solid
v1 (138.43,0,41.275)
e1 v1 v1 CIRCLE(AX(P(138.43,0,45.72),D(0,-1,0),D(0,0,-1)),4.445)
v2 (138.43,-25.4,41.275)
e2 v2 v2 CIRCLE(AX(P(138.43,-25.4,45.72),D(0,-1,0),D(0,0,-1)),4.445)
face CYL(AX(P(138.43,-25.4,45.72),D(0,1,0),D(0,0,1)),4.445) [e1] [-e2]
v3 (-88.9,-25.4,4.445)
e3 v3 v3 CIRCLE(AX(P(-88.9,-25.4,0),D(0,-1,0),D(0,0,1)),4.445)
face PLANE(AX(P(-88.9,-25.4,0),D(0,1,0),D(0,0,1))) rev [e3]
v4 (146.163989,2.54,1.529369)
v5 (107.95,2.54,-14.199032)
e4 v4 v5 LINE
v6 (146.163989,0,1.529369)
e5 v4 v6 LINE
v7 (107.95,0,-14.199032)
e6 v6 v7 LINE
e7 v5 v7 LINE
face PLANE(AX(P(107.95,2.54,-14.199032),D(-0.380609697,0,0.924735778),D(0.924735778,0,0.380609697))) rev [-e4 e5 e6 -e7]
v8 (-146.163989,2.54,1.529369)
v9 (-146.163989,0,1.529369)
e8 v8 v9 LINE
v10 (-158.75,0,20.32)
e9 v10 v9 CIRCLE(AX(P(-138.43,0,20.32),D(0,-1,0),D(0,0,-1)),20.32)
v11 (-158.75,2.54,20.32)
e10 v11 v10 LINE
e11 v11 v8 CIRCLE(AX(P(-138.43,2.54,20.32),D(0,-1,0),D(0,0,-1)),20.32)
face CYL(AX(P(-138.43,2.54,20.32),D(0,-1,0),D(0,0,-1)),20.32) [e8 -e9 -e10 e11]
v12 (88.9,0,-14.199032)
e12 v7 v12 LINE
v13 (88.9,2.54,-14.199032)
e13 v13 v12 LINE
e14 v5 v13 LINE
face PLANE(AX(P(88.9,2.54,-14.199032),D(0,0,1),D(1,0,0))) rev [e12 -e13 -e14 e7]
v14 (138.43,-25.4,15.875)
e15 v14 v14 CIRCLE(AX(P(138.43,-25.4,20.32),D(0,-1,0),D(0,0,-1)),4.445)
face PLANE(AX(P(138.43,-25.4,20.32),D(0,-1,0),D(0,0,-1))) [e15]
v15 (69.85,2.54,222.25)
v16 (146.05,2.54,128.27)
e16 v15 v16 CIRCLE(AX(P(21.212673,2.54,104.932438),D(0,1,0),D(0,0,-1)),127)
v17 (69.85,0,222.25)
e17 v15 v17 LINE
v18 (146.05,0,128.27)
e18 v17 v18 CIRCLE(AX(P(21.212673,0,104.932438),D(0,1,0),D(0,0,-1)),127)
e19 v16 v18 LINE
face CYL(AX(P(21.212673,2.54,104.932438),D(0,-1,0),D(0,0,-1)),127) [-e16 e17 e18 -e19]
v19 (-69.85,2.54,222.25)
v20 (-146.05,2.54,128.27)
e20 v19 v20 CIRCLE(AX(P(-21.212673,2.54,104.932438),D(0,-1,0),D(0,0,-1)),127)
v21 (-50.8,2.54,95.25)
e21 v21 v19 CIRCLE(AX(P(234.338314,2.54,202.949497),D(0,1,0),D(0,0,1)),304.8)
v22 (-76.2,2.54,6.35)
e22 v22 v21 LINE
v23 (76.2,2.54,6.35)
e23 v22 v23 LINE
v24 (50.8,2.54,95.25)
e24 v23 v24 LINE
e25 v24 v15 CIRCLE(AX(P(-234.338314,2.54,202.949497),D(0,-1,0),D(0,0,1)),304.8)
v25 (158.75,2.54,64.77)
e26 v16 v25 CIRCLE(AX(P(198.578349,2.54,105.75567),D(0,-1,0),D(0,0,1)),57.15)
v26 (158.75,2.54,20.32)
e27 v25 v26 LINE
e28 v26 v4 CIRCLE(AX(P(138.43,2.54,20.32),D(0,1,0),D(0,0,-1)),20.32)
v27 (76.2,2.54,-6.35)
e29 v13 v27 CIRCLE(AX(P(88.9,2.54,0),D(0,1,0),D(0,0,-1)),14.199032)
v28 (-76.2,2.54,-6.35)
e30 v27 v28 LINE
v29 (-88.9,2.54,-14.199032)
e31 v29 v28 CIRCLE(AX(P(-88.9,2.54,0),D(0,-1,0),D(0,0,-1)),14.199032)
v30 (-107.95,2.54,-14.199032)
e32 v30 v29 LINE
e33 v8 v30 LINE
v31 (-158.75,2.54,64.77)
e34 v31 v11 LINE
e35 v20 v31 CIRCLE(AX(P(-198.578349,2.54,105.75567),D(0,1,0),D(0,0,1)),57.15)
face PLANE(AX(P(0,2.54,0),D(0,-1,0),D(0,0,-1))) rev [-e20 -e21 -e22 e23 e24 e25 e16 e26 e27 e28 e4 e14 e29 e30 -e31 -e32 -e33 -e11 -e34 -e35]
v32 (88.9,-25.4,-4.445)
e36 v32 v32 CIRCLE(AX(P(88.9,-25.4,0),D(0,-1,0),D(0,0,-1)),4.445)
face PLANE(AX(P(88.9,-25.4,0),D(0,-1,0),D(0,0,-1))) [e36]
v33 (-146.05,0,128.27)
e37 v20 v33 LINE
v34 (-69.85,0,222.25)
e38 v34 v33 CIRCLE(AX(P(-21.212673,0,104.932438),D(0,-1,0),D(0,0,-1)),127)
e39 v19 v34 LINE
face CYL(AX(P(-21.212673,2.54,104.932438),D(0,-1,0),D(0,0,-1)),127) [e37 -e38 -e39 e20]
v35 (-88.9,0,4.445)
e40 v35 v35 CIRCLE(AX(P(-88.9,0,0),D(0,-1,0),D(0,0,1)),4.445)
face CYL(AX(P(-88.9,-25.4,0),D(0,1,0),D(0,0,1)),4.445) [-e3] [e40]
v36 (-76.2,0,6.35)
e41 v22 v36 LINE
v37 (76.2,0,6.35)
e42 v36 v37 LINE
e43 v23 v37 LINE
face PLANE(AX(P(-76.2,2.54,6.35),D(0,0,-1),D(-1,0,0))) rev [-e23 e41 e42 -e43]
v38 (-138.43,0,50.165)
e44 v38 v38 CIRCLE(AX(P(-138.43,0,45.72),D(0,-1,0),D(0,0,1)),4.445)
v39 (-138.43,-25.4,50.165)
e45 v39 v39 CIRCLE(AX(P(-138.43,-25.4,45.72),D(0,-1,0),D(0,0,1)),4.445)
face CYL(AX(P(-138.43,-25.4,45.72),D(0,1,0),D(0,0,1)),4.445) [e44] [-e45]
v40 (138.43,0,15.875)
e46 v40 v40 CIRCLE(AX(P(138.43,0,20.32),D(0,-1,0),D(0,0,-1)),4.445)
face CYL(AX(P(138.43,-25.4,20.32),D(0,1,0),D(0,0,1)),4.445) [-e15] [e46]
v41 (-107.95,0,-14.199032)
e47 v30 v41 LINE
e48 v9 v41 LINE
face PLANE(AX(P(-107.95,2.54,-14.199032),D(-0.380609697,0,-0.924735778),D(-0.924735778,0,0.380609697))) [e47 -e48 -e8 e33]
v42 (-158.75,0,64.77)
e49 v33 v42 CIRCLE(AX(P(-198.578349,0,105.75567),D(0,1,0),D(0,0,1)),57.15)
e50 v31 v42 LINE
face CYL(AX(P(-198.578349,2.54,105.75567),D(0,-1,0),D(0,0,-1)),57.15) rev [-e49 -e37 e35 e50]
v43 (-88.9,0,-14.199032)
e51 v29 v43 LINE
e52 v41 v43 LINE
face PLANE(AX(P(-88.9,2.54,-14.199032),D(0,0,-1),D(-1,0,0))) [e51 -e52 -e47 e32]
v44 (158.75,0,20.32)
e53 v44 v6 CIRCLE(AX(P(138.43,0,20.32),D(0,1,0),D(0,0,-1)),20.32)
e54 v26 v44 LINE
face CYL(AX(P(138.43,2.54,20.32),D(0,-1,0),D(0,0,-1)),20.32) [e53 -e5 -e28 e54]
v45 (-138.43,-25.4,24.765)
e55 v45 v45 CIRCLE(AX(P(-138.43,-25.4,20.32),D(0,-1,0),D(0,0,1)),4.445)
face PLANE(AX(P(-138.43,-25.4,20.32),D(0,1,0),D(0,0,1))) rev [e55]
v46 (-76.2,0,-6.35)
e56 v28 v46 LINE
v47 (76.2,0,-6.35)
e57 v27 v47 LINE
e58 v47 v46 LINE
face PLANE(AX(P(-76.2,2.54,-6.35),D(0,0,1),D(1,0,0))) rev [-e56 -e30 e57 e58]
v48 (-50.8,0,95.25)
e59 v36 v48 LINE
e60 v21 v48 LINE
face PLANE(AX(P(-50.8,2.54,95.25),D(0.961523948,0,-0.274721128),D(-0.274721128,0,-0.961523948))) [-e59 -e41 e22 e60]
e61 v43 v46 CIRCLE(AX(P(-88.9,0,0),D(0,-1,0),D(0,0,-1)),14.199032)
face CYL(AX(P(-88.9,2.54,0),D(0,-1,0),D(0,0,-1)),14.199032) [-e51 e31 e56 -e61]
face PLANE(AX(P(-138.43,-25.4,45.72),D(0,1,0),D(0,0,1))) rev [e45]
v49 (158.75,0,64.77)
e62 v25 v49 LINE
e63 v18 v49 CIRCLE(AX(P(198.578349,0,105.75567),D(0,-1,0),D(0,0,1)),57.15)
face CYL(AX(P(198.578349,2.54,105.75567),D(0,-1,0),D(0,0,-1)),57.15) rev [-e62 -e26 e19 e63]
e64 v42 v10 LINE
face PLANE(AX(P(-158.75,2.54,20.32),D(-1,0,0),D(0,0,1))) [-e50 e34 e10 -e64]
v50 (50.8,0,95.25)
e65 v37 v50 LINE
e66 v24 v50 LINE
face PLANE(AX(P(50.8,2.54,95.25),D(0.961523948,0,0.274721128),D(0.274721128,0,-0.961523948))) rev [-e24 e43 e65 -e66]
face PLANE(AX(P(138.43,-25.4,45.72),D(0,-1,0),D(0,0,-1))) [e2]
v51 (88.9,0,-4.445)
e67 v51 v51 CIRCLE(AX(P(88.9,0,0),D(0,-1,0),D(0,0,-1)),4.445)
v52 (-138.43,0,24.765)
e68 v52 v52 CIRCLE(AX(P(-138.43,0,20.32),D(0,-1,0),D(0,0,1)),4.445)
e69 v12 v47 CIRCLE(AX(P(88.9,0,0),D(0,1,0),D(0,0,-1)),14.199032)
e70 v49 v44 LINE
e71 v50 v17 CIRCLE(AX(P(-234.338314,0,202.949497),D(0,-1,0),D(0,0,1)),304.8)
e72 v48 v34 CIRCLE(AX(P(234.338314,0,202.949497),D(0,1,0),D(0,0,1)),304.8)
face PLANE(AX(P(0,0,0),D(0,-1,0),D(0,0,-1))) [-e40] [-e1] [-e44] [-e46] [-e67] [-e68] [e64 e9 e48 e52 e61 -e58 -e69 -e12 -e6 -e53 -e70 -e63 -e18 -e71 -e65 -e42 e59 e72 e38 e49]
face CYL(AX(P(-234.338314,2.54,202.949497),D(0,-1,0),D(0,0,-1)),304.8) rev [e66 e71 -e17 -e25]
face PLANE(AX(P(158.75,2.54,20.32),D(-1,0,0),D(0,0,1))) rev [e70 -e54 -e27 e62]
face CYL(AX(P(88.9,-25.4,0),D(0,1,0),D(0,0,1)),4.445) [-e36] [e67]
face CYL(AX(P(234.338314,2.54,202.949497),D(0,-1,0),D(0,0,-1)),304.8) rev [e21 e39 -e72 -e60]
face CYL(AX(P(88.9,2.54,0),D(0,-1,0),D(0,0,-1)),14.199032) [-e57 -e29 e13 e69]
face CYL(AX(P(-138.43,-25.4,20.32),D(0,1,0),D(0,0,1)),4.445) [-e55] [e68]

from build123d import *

# Parameters (mm, degrees)
SKETCH1_W           = 152.4
SKETCH1_H           = 12.7
BOSS_EXTRUDE1_DEPTH = 2.54
BOSS_EXTRUDE2_DEPTH = 2.54
SKETCH3_R           = 4.445
BOSS_EXTRUDE3_DEPTH = 25.4


with BuildPart() as part:
    # Sketch1 → Boss-Extrude1 (new body)
    with BuildSketch(Plane(origin=(0, 0, 0), x_dir=(1, 0, 0), z_dir=(0, 1, 0))):
        Rectangle(SKETCH1_W, SKETCH1_H)
    extrude(amount=BOSS_EXTRUDE1_DEPTH)

    # Sketch2 → Boss-Extrude2 (add)
    with BuildSketch(Plane(origin=(0, 0, 0), x_dir=(1, 0, 0), z_dir=(0, 1, 0))):
        with BuildLine():
            Line((88.9, 14.199031657), (107.95, 14.199031657))
            Line((107.95, 14.199031657), (146.163989052, -1.529369001))
            ThreePointArc((146.163989052, -1.529369001), (155.312787944, -9.011867032), (158.75, -20.32))
            Line((158.75, -20.32), (158.75, -64.77))
            ThreePointArc((158.75, -64.77), (142.538163249, -94.54763265), (146.05, -128.27))
            ThreePointArc((146.05, -128.27), (119.860653201, -184.91728638), (69.85, -222.25))
            ThreePointArc((69.85, -222.25), (67.089486, -157.7353271), (50.8, -95.25))
            Line((50.8, -95.25), (76.2, -6.35))
            Line((76.2, -6.35), (76.2, 6.35))
            ThreePointArc((76.2, 6.35), (81.435127296, 12.078417757), (88.9, 14.199031657))
        make_face()
    boss_extrude2 = extrude(amount=BOSS_EXTRUDE2_DEPTH)

    # Mirror1: Boss-Extrude2 across plane
    add(boss_extrude2.mirror(Plane(origin=(0, 0, 0), x_dir=(0, 0, 1), z_dir=(1, 0, 0))))

    # Sketch3 → Boss-Extrude3 (add)
    with BuildSketch(Plane.XZ):
        with Locations((88.9, 0)):
            Circle(SKETCH3_R)
        with Locations((138.43, 20.32)):
            Circle(SKETCH3_R)
        with Locations((138.43, 45.72)):
            Circle(SKETCH3_R)
        with Locations((-138.43, 45.72)):
            Circle(SKETCH3_R)
        with Locations((-138.43, 20.32)):
            Circle(SKETCH3_R)
        with Locations((-88.9, 0)):
            Circle(SKETCH3_R)
    extrude(amount=BOSS_EXTRUDE3_DEPTH)


solid = part.part
